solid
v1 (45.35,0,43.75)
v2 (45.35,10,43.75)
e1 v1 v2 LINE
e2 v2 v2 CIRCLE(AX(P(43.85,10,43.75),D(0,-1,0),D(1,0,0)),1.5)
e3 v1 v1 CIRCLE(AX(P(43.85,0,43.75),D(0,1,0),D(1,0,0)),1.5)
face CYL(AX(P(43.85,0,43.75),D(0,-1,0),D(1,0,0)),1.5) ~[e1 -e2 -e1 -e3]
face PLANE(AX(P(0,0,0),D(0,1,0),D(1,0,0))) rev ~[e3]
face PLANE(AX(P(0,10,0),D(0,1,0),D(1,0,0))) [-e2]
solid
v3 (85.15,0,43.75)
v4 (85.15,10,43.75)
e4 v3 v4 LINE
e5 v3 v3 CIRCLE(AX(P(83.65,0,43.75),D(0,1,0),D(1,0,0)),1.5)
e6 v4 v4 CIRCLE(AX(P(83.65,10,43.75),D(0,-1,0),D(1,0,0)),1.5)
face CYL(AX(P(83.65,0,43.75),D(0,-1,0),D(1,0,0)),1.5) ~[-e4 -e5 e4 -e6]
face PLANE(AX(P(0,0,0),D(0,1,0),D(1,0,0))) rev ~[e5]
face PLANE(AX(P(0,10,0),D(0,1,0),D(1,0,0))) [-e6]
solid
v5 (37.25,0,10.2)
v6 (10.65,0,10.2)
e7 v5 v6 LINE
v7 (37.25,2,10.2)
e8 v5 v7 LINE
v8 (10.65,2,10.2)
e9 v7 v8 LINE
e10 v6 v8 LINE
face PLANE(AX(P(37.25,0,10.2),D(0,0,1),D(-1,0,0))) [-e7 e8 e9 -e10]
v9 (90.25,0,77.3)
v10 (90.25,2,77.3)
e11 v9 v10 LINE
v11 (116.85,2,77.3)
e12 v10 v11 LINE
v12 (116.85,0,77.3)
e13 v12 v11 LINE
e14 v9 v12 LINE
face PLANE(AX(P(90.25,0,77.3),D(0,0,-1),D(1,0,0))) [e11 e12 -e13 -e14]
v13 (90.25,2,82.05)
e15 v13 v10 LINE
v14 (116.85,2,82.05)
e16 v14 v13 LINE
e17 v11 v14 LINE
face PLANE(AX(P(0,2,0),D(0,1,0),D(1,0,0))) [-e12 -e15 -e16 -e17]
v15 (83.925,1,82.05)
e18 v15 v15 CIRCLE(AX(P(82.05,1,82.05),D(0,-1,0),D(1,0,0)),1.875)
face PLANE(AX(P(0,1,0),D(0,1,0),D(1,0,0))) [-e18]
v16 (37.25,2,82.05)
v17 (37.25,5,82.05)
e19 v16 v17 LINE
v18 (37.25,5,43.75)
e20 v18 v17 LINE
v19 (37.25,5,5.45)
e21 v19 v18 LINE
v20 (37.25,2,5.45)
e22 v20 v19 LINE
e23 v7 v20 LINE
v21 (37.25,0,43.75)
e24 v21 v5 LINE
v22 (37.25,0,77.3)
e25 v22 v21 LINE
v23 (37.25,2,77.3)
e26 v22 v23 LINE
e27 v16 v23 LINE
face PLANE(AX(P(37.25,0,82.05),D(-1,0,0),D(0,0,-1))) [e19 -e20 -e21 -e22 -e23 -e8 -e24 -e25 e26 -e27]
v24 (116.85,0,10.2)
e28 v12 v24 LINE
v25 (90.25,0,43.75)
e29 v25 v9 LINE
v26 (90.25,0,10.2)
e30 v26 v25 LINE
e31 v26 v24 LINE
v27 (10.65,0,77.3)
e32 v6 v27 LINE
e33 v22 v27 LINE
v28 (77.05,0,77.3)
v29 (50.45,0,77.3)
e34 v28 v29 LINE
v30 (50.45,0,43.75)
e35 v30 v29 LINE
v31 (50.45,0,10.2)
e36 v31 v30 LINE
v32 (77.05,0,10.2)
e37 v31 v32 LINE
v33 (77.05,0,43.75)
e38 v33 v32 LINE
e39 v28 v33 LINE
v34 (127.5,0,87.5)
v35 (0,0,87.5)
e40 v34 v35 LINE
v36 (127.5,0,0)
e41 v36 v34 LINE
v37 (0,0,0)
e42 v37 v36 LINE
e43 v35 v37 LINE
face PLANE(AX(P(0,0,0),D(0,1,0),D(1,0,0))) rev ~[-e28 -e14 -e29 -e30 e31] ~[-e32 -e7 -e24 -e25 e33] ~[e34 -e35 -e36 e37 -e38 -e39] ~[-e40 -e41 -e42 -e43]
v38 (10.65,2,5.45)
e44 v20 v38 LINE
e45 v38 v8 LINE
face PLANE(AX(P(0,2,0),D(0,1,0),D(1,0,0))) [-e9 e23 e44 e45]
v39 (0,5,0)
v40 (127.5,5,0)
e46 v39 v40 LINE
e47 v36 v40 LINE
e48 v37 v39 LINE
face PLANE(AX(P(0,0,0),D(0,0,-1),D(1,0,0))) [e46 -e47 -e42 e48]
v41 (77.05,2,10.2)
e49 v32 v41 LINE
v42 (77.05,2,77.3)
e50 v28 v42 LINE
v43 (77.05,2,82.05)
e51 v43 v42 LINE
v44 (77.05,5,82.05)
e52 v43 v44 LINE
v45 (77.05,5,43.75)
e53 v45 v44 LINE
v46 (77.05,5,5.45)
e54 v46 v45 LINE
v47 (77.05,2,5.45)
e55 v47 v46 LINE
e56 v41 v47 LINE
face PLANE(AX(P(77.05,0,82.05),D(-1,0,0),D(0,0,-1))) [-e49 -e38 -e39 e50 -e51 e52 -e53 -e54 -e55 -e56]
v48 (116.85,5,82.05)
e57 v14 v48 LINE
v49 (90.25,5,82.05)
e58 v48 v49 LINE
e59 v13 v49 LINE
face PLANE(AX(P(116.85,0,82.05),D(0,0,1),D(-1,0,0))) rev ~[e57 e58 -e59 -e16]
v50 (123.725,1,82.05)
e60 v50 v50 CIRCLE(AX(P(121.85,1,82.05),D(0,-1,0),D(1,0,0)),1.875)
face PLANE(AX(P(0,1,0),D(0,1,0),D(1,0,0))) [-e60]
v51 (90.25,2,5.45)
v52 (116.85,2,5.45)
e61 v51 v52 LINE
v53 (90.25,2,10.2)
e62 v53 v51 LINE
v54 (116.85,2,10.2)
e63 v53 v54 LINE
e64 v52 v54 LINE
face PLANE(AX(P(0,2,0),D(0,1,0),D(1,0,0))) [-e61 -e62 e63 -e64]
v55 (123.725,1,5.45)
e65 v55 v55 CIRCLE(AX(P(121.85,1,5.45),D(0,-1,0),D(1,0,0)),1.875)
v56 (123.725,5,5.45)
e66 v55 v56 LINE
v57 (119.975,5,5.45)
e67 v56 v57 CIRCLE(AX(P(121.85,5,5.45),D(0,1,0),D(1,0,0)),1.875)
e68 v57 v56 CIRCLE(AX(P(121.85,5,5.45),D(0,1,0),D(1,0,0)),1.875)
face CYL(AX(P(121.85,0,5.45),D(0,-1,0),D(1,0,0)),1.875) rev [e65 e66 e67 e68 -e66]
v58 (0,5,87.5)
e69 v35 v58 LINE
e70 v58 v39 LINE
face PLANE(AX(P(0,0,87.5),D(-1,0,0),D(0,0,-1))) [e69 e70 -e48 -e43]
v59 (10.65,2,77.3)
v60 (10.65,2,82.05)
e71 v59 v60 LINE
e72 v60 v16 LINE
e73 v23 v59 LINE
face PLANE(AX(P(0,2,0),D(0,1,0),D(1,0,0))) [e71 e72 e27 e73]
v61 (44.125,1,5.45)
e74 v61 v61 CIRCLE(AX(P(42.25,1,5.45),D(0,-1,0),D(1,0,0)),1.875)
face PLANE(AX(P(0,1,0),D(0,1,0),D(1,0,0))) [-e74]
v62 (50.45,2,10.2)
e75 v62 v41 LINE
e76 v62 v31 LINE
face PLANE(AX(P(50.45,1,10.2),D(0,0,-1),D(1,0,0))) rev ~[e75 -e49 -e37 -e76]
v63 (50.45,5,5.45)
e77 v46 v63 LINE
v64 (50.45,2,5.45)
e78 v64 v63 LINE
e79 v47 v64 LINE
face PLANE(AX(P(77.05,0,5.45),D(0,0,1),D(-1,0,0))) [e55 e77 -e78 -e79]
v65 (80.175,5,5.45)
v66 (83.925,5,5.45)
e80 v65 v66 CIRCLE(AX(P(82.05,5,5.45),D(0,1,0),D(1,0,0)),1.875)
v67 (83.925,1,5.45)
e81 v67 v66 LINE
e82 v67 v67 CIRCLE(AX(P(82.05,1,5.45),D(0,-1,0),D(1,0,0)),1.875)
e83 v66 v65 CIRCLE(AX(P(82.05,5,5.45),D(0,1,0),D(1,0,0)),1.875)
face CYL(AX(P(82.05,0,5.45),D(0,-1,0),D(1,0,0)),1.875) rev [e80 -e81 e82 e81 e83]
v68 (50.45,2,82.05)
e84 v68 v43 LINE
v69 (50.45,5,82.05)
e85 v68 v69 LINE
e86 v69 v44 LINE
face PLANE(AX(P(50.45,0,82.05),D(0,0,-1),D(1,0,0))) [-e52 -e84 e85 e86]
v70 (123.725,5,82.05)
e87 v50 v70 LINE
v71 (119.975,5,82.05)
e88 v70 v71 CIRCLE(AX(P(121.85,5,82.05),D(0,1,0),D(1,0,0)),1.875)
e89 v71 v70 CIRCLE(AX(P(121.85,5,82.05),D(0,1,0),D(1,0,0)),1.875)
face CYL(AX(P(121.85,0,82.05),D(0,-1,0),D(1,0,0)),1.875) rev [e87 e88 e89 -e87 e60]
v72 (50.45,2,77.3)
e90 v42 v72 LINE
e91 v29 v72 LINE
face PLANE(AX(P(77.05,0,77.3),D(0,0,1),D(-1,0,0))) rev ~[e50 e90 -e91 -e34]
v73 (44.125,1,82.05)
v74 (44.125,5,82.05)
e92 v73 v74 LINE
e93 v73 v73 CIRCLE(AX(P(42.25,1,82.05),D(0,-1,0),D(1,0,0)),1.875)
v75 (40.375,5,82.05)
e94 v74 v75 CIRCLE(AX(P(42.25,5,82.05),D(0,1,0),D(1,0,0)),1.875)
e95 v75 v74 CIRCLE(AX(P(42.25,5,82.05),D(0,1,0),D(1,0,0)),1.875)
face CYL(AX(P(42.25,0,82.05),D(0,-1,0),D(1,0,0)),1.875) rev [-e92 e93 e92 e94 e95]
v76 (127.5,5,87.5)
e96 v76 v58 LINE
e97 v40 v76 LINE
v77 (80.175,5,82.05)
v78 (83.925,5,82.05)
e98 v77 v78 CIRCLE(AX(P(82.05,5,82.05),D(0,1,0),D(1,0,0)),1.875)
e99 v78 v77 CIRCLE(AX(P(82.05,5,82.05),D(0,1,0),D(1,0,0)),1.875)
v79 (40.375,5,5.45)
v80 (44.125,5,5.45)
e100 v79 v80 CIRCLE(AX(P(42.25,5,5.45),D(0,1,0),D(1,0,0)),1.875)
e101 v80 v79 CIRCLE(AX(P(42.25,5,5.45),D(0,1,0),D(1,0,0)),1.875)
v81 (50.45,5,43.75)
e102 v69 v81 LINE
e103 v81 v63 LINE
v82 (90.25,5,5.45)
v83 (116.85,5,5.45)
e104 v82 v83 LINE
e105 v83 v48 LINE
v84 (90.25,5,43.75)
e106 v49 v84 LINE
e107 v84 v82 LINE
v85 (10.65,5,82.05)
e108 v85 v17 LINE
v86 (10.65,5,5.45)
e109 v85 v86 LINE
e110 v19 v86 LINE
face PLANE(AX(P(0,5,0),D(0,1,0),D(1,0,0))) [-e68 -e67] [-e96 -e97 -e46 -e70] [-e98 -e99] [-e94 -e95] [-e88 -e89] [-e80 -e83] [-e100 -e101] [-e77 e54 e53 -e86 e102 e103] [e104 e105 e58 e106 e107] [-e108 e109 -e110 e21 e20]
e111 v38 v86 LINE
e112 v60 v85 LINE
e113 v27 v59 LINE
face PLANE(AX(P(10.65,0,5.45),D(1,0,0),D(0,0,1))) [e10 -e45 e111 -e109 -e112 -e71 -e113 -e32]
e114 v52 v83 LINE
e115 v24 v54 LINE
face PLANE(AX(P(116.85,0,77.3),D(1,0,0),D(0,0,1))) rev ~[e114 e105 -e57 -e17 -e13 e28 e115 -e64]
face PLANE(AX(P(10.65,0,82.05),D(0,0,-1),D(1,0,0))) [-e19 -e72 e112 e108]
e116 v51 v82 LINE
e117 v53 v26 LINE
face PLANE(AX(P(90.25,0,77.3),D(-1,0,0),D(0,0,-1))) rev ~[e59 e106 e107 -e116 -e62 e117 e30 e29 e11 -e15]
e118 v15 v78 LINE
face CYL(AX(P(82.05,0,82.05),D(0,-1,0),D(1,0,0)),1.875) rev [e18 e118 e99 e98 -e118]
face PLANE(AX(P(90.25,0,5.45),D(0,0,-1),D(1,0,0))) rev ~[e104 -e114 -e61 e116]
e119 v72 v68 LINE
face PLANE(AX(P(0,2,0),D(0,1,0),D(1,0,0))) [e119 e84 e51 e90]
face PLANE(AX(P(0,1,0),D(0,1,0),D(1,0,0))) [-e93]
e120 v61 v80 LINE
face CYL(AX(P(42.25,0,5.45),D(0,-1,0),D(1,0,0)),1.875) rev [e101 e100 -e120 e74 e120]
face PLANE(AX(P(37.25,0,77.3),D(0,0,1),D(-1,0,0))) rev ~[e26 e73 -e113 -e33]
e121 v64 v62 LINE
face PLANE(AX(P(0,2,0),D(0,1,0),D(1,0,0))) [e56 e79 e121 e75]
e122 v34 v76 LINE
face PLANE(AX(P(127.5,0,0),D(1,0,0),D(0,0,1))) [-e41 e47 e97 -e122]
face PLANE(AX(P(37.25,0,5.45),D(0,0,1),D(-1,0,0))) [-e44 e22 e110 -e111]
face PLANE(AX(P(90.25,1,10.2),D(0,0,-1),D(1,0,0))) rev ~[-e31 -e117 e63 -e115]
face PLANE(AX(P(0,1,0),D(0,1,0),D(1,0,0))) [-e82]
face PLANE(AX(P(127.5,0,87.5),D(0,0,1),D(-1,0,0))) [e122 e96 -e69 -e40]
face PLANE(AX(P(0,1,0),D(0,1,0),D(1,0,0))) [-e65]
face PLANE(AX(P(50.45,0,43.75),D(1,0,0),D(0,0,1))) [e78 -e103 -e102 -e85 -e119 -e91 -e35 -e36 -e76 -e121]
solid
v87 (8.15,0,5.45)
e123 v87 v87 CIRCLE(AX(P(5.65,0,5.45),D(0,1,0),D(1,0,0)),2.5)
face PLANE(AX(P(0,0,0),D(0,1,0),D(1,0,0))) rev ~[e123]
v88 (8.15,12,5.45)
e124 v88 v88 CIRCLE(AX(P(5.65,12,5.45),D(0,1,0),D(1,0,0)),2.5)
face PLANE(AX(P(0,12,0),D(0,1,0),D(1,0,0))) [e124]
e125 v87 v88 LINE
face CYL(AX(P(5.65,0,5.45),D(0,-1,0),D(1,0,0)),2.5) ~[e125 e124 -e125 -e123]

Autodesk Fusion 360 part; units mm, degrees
sketch "Sketch1" plane through (0, 0, 0) normal (0, 1, 0) x (1, 0, 0)
  line L0 (0, 0) -> (127.5, 0)
  line L1 (127.5, 0) -> (127.5, -87.5)
  line L2 (127.5, -87.5) -> (0, -87.5)
  line L3 (0, -87.5) -> (0, 0)
  line L4 (0, -43.75) -> (127.5, -43.75) construction
  line L5 (63.75, 0) -> (63.75, -87.5) construction
  line L6 (63.75, -43.75) -> (77.05, -43.75) construction
  line L7 (63.75, -43.75) -> (63.75, -5.45) construction
  line L8 (63.75, -5.45) -> (77.05, -5.45) construction
  line L9 (77.05, -5.45) -> (50.45, -5.45)
  line L10 (50.45, -5.45) -> (50.45, -82.05)
  line L11 (50.45, -82.05) -> (77.05, -82.05)
  line L12 (77.05, -82.05) -> (77.05, -5.45)
  line L13 (50.45, -43.75) -> (37.25, -43.75)
  line L14 (37.25, -43.75) -> (37.25, -5.45)
  line L15 (37.25, -5.45) -> (10.65, -5.45)
  line L16 (10.65, -5.45) -> (10.65, -82.05)
  line L17 (10.65, -82.05) -> (37.25, -82.05)
  line L18 (37.25, -82.05) -> (37.25, -5.45)
  line L19 (77.05, -43.75) -> (90.25, -43.75)
  line L20 (90.25, -43.75) -> (90.25, -5.45)
  line L21 (90.25, -5.45) -> (116.85, -5.45)
  line L22 (116.85, -5.45) -> (116.85, -82.05)
  line L23 (116.85, -82.05) -> (90.25, -82.05)
  line L24 (90.25, -82.05) -> (90.25, -5.45)
  line L25 (37.25, -43.75) -> (23.95, -43.75)
  line L26 (37.25, -5.45) -> (37.25, -10.2)
  line L27 (37.25, -10.2) -> (10.65, -10.2)
  line L28 (10.65, -10.2) -> (10.65, -5.45)
  line L29 (10.65, -5.45) -> (37.25, -5.45)
  line L30 (37.25, -5.45) -> (37.25, -10.2)
  line L31 (50.45, -5.45) -> (50.45, -10.2)
  line L32 (50.45, -10.2) -> (77.05, -10.2)
  line L33 (77.05, -10.2) -> (77.05, -5.45)
  line L34 (77.05, -5.45) -> (50.45, -5.45)
  line L35 (50.45, -5.45) -> (50.45, -10.2)
  line L36 (90.25, -5.45) -> (90.25, -10.2)
  line L37 (90.25, -10.2) -> (116.85, -10.2)
  line L38 (116.85, -10.2) -> (116.85, -5.45)
  line L39 (116.85, -5.45) -> (90.25, -5.45)
  line L40 (90.25, -5.45) -> (90.25, -10.2)
  line L41 (10.65, -82.05) -> (37.25, -82.05)
  line L42 (37.25, -82.05) -> (37.25, -77.3)
  line L43 (37.25, -77.3) -> (10.65, -77.3)
  line L44 (10.65, -77.3) -> (10.65, -82.05)
  line L45 (50.45, -82.05) -> (77.05, -82.05)
  line L46 (77.05, -82.05) -> (77.05, -77.3)
  line L47 (77.05, -77.3) -> (50.45, -77.3)
  line L48 (50.45, -77.3) -> (50.45, -82.05)
  line L49 (116.85, -82.05) -> (90.25, -82.05)
  line L50 (90.25, -82.05) -> (90.25, -77.3)
  line L51 (90.25, -77.3) -> (116.85, -77.3)
  line L52 (116.85, -77.3) -> (116.85, -82.05)
  line L53 (77.05, -43.75) -> (83.65, -43.75)
  circle A0 centre (83.65, -43.75) radius 1.5
  line L54 (37.25, -43.75) -> (43.85, -43.75)
  circle A1 centre (43.85, -43.75) radius 1.5
  line L55 (10.65, -5.45) -> (5.65, -5.45)
  circle A2 centre (5.65, -5.45) radius 2.5
  line L56 (37.25, -5.45) -> (42.25, -5.45)
  circle A3 centre (42.25, -5.45) radius 1.875
  line L57 (77.05, -5.45) -> (82.05, -5.45)
  circle A4 centre (82.05, -5.45) radius 1.875
  line L58 (116.85, -5.45) -> (121.85, -5.45)
  circle A5 centre (121.85, -5.45) radius 1.875
  line L59 (116.85, -82.05) -> (121.85, -82.05)
  circle A6 centre (121.85, -82.05) radius 1.875
  line L60 (77.05, -82.05) -> (82.05, -82.05)
  circle A7 centre (82.05, -82.05) radius 1.875
  line L61 (37.25, -82.05) -> (42.25, -82.05)
  circle A8 centre (42.25, -82.05) radius 1.875
  dimension "d1" = 127.5
  dimension "d2" = 87.5
  dimension "d3" = 13.3
  dimension "d4" = 38.3
  dimension "d5" = 13.3
  dimension "d6" = 26.6
  dimension "d7" = 76.6
  dimension "d8" = 13.2
  dimension "d9" = 38.3
  dimension "d10" = 26.6
  dimension "d11" = 76.6
  dimension "d12" = 13.2
  dimension "d13" = 38.3
  dimension "d14" = 26.6
  dimension "d15" = 76.6
  dimension "d16" = 13.3
  dimension "d17" = 4.75
  dimension "d18" = 4.75
  dimension "d19" = 4.75
  dimension "d20" = 4.75
  dimension "d21" = 26.6
  dimension "d22" = 4.75
  dimension "d23" = 4.75
  dimension "d42" = 6.6
  dimension "d43" = 3
  dimension "d44" = 6.6
  dimension "d45" = 3
  dimension "d50" = 5
  dimension "d51" = 5
  dimension "d56" = 5
  dimension "d57" = 3.75
  dimension "d58" = 5
  dimension "d59" = 3.75
  dimension "d60" = 5
  dimension "d61" = 3.75
  dimension "d62" = 5
  dimension "d63" = 3.75
  dimension "d64" = 5
  dimension "d65" = 3.75
  dimension "d66" = 5
  dimension "d67" = 3.75
extrude "Extrude12" add sketch "Sketch1" along normal blind 15 contours A2 makes body 1
extrude "Extrude10" add sketch "Sketch1" along normal blind 10 separate body contours L13 L54 A1 | L13 L54 A1 makes body 2
extrude "Extrude1" add sketch "Sketch1" along normal blind 5 separate body contours L0 L1 L2 L3 | A5 | A6 | L19 L53 A0 | L19 L53 A0 | A7 | A8 | A2 | A3 | L13 L54 A1 | L13 L54 A1 | A4 makes body 3
extrude "Extrude2" add sketch "Sketch1" along normal blind 1 contours L20 L21 L22 L24 L36 L37 L38 L39 L40 bodies 3
extrude "Extrude3" add sketch "Sketch1" along normal blind 1 contours L9 L10 L12 L31 L32 L33 L34 L35 bodies 3
extrude "Extrude4" add sketch "Sketch1" along normal blind 2 contours L14 L15 L16 L18 L26 L27 L28 L29 L30 bodies 3
extrude "Extrude5" add 1 faces at (68.1833, 1, 7.0333) along direction (0, 1, 0) blind 1 on bodies 3 bodies 3
extrude "Extrude6" add 1 faces at (107.9833, 1, 8.6167) along direction (0, 1, 0) blind 1 on bodies 3 bodies 3
extrude "Extrude7" add sketch "Sketch1" along normal blind 2 contours L16 L17 L18 L41 L42 L43 L44 bodies 3
extrude "Extrude8" add sketch "Sketch1" along normal blind 2 contours L10 L11 L12 L45 L46 L47 L48 bodies 3
extrude "Extrude9" add sketch "Sketch1" along normal blind 2 contours L22 L23 L24 L49 L50 L51 L52 bodies 3
extrude "Extrude11" add sketch "Sketch1" along normal blind 10 separate body contours L19 L53 A0 | L19 L53 A0 makes body 4
extrude "Extrude13" cut 1 faces at (6.0187, 15, 4.9385) along direction (0, -1, 0) blind 3 on bodies 1 bodies 1
extrude "Extrude14" cut sketch "Sketch1" along normal blind 5 contours A8 bodies 3
extrude "Extrude15" cut sketch "Sketch1" along normal blind 5 contours A7 bodies 3
extrude "Extrude16" cut sketch "Sketch1" along normal blind 5 contours A6 bodies 3
extrude "Extrude17" cut sketch "Sketch1" along normal blind 5 contours A5 bodies 3
extrude "Extrude18" add sketch "Sketch1" along normal blind 1 contours A7 bodies 3
extrude "Extrude19" add sketch "Sketch1" along normal blind 1 contours A8 bodies 3
extrude "Extrude20" add sketch "Sketch1" along normal blind 1 contours A6 bodies 3
extrude "Extrude21" add sketch "Sketch1" along normal blind 1 contours A5 bodies 3
extrude "Extrude22" cut sketch "Sketch1" along normal blind 5 contours A4 bodies 3
extrude "Extrude23" add sketch "Sketch1" along normal blind 1 contours A4 bodies 3
extrude "Extrude24" cut sketch "Sketch1" along normal blind 5 contours A3 bodies 3
extrude "Extrude25" add sketch "Sketch1" along normal blind 1 contours A3 bodies 3
